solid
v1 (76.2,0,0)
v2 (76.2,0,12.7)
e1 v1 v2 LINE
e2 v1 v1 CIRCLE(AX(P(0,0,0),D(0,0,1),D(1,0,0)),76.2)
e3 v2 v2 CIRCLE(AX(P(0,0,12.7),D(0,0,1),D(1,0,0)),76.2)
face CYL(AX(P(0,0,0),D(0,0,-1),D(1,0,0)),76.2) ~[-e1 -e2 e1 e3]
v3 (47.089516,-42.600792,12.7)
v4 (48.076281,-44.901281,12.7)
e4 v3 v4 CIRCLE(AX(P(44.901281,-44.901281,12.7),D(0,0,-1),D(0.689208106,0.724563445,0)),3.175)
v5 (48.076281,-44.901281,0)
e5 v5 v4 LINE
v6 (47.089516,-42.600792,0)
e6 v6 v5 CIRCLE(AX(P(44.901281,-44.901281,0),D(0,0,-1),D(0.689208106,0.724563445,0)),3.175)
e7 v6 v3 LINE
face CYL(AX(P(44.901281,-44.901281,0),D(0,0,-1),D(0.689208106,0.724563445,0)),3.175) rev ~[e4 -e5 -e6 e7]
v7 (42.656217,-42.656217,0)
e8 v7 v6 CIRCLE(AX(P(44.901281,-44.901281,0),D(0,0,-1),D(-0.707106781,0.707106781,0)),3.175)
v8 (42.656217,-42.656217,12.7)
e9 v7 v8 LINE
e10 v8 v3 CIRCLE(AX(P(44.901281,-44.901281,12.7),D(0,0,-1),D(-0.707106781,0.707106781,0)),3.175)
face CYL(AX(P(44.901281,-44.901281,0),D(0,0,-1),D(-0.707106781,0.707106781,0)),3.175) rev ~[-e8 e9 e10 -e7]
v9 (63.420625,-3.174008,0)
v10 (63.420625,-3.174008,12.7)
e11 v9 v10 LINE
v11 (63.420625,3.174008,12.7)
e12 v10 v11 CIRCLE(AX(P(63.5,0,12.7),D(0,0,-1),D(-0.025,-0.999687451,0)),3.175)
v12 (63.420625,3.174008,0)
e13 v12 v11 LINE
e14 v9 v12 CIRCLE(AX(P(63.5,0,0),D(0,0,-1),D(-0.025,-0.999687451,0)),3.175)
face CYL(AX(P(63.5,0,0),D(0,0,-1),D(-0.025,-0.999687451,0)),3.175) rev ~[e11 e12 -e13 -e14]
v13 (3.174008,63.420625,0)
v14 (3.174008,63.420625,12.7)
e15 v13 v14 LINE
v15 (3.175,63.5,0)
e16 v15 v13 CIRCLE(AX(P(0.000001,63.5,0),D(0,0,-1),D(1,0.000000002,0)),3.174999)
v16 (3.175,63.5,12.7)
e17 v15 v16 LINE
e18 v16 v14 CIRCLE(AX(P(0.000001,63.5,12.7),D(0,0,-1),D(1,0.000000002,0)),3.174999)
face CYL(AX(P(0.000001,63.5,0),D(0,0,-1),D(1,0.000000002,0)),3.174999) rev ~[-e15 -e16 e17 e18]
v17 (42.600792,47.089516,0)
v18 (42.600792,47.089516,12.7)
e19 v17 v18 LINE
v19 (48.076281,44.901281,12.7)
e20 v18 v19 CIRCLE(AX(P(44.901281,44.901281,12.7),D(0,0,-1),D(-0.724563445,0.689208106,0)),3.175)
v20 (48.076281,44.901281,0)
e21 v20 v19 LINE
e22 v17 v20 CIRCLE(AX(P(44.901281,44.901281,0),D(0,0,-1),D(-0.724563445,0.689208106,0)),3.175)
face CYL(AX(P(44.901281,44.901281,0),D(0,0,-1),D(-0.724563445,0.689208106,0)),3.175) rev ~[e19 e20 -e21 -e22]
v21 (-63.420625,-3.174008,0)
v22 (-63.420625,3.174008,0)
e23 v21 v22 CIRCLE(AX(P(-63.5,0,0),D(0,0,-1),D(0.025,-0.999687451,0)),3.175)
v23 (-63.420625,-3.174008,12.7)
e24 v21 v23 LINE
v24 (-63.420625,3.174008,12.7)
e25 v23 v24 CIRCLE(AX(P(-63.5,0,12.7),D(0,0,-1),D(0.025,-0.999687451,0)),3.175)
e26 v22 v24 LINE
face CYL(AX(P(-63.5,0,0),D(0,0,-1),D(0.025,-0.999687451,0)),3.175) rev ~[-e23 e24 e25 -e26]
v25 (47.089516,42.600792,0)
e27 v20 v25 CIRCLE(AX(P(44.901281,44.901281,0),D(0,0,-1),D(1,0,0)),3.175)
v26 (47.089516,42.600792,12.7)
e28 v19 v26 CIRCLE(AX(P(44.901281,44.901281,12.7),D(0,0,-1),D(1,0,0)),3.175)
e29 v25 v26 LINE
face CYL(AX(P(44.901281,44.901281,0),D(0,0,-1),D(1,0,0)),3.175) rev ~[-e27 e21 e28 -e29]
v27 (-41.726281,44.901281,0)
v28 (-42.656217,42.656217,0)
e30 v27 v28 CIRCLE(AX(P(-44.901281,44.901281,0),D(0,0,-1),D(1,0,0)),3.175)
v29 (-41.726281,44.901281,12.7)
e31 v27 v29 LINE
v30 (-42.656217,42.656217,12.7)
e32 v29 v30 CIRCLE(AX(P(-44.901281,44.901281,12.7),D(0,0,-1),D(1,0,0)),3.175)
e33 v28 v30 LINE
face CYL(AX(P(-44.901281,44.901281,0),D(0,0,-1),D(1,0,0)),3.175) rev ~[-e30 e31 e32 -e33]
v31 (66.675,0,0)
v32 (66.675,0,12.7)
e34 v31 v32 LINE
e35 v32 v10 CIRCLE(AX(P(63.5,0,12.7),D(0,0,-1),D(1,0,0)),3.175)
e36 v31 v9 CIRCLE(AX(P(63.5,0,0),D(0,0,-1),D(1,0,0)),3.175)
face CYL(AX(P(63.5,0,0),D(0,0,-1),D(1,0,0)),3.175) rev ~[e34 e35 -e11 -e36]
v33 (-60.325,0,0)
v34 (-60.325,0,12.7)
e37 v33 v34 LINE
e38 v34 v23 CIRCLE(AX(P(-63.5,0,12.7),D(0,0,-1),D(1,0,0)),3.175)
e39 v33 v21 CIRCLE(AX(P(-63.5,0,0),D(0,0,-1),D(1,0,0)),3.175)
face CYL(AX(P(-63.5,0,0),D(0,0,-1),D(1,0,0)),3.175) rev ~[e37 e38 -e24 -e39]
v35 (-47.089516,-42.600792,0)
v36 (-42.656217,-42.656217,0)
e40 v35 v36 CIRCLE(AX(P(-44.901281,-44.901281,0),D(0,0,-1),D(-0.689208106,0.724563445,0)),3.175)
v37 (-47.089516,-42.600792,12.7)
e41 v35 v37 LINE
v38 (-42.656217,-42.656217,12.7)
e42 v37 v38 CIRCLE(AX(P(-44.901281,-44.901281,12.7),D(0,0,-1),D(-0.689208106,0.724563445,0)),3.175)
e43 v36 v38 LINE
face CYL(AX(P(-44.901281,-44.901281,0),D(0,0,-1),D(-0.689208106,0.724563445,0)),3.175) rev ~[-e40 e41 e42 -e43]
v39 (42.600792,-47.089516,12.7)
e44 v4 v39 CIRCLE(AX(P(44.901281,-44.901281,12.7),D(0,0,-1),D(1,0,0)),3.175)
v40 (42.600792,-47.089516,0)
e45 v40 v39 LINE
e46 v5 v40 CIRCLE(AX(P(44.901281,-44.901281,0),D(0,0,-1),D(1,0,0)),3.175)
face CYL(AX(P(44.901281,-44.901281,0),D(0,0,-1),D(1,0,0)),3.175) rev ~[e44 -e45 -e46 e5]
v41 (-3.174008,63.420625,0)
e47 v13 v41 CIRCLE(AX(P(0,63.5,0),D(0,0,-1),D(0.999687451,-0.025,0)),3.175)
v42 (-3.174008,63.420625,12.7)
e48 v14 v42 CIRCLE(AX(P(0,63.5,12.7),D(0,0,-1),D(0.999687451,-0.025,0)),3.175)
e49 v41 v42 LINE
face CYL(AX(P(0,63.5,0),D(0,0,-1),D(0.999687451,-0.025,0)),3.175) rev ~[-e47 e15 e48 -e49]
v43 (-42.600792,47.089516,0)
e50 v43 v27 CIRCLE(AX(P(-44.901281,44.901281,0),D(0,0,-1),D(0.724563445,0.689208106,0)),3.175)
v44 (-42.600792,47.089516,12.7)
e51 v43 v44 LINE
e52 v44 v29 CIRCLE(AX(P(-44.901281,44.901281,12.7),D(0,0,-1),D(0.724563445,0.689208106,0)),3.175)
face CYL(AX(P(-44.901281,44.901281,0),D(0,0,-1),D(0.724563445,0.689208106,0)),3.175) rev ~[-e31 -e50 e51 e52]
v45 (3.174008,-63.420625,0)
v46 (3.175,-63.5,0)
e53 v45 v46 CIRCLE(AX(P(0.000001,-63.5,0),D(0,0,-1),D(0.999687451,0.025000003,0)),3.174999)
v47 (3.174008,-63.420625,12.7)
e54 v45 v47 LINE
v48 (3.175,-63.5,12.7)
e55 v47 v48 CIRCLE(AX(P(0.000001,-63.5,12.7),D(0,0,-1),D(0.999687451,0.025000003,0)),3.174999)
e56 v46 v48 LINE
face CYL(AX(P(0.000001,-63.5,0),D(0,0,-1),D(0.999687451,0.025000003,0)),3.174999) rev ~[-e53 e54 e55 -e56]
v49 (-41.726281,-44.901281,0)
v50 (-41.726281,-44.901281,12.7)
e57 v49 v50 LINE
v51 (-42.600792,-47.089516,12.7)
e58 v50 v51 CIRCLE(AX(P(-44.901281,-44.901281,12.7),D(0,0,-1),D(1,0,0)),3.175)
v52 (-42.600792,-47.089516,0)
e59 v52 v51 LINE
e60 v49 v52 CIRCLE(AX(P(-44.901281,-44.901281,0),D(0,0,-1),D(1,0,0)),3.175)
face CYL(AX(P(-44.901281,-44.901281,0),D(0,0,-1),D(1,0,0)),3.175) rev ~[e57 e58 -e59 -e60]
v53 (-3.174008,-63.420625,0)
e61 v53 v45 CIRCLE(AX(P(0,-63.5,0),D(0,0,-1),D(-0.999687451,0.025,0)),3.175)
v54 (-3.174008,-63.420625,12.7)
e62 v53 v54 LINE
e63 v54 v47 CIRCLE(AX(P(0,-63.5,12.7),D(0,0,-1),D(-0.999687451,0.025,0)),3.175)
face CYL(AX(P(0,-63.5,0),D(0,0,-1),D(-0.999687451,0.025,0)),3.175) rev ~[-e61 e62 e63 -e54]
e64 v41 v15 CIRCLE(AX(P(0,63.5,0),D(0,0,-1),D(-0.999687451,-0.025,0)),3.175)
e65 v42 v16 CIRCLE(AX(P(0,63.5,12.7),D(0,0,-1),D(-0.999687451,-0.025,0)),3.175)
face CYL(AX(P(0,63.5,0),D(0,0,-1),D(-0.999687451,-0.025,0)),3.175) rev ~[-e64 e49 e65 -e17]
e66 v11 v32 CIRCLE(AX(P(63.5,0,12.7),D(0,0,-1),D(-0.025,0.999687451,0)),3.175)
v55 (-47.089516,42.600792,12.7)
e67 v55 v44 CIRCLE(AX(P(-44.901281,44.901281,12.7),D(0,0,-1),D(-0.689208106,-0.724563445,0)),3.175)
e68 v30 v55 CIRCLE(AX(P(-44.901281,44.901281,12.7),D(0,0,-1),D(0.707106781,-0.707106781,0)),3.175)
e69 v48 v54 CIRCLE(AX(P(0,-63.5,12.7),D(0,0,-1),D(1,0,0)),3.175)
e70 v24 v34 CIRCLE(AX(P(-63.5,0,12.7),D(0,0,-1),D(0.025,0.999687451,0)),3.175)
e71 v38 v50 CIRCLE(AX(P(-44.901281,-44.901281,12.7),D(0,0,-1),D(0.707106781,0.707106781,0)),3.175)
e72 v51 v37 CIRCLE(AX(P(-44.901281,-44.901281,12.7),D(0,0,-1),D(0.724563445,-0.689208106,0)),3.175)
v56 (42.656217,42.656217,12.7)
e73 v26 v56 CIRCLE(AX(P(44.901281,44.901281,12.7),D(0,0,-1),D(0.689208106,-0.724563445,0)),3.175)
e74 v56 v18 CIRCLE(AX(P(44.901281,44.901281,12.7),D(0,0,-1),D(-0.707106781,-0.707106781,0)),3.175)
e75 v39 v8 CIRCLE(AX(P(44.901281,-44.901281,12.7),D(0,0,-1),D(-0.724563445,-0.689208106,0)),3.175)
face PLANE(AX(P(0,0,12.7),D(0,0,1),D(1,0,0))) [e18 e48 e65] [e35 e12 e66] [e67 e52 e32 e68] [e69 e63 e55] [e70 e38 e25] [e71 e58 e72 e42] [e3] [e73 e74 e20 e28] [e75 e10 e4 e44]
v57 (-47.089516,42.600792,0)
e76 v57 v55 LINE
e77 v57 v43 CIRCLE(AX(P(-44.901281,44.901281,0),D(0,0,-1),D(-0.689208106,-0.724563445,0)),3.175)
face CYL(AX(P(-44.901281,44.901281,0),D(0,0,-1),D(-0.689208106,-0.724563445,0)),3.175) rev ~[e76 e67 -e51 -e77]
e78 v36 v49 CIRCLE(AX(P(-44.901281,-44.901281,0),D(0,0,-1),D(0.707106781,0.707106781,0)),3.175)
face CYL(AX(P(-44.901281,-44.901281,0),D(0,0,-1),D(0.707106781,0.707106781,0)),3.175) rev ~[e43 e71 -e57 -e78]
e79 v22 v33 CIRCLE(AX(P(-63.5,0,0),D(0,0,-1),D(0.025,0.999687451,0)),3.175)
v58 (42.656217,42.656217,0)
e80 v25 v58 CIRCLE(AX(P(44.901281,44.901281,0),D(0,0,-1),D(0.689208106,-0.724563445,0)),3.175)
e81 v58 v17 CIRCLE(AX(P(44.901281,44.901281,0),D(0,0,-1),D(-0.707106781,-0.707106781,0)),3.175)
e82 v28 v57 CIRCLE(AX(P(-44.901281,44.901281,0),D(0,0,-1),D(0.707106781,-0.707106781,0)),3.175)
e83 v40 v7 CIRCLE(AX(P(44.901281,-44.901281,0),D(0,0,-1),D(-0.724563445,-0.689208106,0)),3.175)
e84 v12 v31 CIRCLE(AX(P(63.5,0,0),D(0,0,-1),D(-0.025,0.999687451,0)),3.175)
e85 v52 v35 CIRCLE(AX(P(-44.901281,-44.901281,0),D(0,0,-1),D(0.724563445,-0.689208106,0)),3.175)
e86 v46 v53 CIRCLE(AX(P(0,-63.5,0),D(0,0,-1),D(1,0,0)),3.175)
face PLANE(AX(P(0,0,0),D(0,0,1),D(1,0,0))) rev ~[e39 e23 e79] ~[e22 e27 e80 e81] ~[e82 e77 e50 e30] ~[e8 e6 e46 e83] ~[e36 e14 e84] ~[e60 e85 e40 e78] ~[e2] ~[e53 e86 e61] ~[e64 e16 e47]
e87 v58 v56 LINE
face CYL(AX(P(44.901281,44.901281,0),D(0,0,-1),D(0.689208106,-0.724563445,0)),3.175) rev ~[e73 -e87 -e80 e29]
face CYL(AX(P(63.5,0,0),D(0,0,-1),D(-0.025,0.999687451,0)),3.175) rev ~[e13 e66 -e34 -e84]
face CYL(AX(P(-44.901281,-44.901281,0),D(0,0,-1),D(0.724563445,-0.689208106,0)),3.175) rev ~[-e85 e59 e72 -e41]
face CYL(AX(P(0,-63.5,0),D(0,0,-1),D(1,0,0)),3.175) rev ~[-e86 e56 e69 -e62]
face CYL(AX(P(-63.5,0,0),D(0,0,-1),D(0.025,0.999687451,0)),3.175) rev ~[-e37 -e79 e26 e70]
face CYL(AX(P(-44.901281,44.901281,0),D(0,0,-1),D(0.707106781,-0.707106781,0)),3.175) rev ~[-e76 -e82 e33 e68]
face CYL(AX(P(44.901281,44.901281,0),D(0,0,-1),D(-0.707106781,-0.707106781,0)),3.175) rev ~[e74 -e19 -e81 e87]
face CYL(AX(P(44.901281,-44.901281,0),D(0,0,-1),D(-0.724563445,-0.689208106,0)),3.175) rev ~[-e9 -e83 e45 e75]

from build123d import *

# Parameters (mm, degrees)
F0_R     = 76.2
F1_DEPTH = 12.7


with BuildPart() as f1:
    # F0 (on Top) → F1 (new body)
    with BuildSketch(Plane.XY):
        Circle(F0_R)
        with BuildLine():
            ThreePointArc((47.0895163427, 42.6007916665), (58.6663503145, 24.3003979552), (63.420625, 3.1740076574))
            ThreePointArc((63.420625, 3.1740076574), (65.7168231069, 2.2729540938), (66.675, 0))
            ThreePointArc((66.675, 0), (65.7168231069, -2.2729540938), (63.420625, -3.1740076574))
            ThreePointArc((63.420625, -3.1740076574), (58.6663503145, -24.3003979552), (47.0895163427, -42.6007916665))
            ThreePointArc((47.0895163427, -42.6007916665), (47.8191799753, -43.6496863153), (48.0762806053, -44.9012806053))
            ThreePointArc((48.0762806053, -44.9012806053), (46.0795362268, -47.8495578465), (42.6007916665, -47.0895163427))
            ThreePointArc((42.6007916665, -47.0895163427), (24.3003979552, -58.6663503145), (3.1740076574, -63.420625))
            ThreePointArc((3.1740076574, -63.420625), (3.1747519047, -63.4603093986), (3.175, -63.5))
            ThreePointArc((3.175, -63.5), (-0.0396906014, -66.6747519047), (-3.1740076574, -63.420625))
            ThreePointArc((-3.1740076574, -63.420625), (-24.3003979552, -58.6663503145), (-42.6007916665, -47.0895163427))
            ThreePointArc((-42.6007916665, -47.0895163427), (-47.1463446356, -47.1463446356), (-47.0895163427, -42.6007916665))
            ThreePointArc((-47.0895163427, -42.6007916665), (-58.6663503145, -24.3003979552), (-63.420625, -3.1740076574))
            ThreePointArc((-63.420625, -3.1740076574), (-66.675, 0), (-63.420625, 3.1740076574))
            ThreePointArc((-63.420625, 3.1740076574), (-58.6663503145, 24.3003979552), (-47.0895163427, 42.6007916665))
            ThreePointArc((-47.0895163427, 42.6007916665), (-47.1463446356, 47.1463446356), (-42.6007916665, 47.0895163427))
            ThreePointArc((-42.6007916665, 47.0895163427), (-24.3003979552, 58.6663503145), (-3.1740076574, 63.420625))
            ThreePointArc((-3.1740076574, 63.420625), (-0.0396906014, 66.6747519047), (3.175, 63.5))
            ThreePointArc((3.175, 63.5), (3.1747519047, 63.4603093986), (3.1740076574, 63.420625))
            ThreePointArc((3.1740076574, 63.420625), (24.3003979552, 58.6663503145), (42.6007916665, 47.0895163427))
            ThreePointArc((42.6007916665, 47.0895163427), (46.0795362268, 47.8495578465), (48.0762806053, 44.9012806053))
            ThreePointArc((48.0762806053, 44.9012806053), (47.8191799753, 43.6496863153), (47.0895163427, 42.6007916665))
        make_face(mode=Mode.SUBTRACT)
        with BuildLine():
            Line((0, 0), (42.6562165751, 42.6562165751))
            ThreePointArc((42.6562165751, 42.6562165751), (41.7265287007, 44.8615900039), (42.6007916665, 47.0895163427))
            ThreePointArc((42.6007916665, 47.0895163427), (24.3003979552, 58.6663503145), (3.1740076574, 63.420625))
            ThreePointArc((3.1740076574, 63.420625), (0, 60.325), (-3.1740076574, 63.420625))
            ThreePointArc((-3.1740076574, 63.420625), (-24.3003979552, 58.6663503145), (-42.6007916665, 47.0895163427))
            ThreePointArc((-42.6007916665, 47.0895163427), (-41.9530033642, 46.0795362268), (-41.7262806053, 44.9012806053))
            ThreePointArc((-41.7262806053, 44.9012806053), (-41.9679630896, 43.6862607076), (-42.6562165751, 42.6562165751))
            Line((-42.6562165751, 42.6562165751), (0, 0))
        make_face()
        with BuildLine():
            Line((-42.6562165751, -42.6562165751), (0, 0))
            Line((0, 0), (-42.6562165751, 42.6562165751))
            ThreePointArc((-42.6562165751, 42.6562165751), (-44.8615900039, 41.7265287007), (-47.0895163427, 42.6007916665))
            ThreePointArc((-47.0895163427, 42.6007916665), (-58.6663503145, 24.3003979552), (-63.420625, 3.1740076574))
            ThreePointArc((-63.420625, 3.1740076574), (-61.2270459062, 2.2168231069), (-60.325, 0))
            ThreePointArc((-60.325, 0), (-61.2270459062, -2.2168231069), (-63.420625, -3.1740076574))
            ThreePointArc((-63.420625, -3.1740076574), (-58.6663503145, -24.3003979552), (-47.0895163427, -42.6007916665))
            ThreePointArc((-47.0895163427, -42.6007916665), (-44.8615900039, -41.7265287007), (-42.6562165751, -42.6562165751))
        make_face()
        with BuildLine():
            ThreePointArc((42.6007916665, -47.0895163427), (41.7265287007, -44.8615900039), (42.6562165751, -42.6562165751))
            Line((42.6562165751, -42.6562165751), (0, 0))
            Line((0, 0), (-42.6562165751, -42.6562165751))
            ThreePointArc((-42.6562165751, -42.6562165751), (-41.9679630896, -43.6862607076), (-41.7262806053, -44.9012806053))
            ThreePointArc((-41.7262806053, -44.9012806053), (-41.9530033642, -46.0795362268), (-42.6007916665, -47.0895163427))
            ThreePointArc((-42.6007916665, -47.0895163427), (-24.3003979552, -58.6663503145), (-3.1740076574, -63.420625))
            ThreePointArc((-3.1740076574, -63.420625), (0, -60.325), (3.1740076574, -63.420625))
            ThreePointArc((3.1740076574, -63.420625), (24.3003979552, -58.6663503145), (42.6007916665, -47.0895163427))
        make_face()
        with BuildLine():
            ThreePointArc((63.420625, -3.1740076574), (60.325, 0), (63.420625, 3.1740076574))
            ThreePointArc((63.420625, 3.1740076574), (58.6663503145, 24.3003979552), (47.0895163427, 42.6007916665))
            ThreePointArc((47.0895163427, 42.6007916665), (44.8615900039, 41.7265287007), (42.6562165751, 42.6562165751))
            Line((42.6562165751, 42.6562165751), (0, 0))
            Line((0, 0), (42.6562165751, -42.6562165751))
            ThreePointArc((42.6562165751, -42.6562165751), (44.8615900039, -41.7265287007), (47.0895163427, -42.6007916665))
            ThreePointArc((47.0895163427, -42.6007916665), (58.6663503145, -24.3003979552), (63.420625, -3.1740076574))
        make_face()
    extrude(amount=F1_DEPTH)


solid = f1.part
